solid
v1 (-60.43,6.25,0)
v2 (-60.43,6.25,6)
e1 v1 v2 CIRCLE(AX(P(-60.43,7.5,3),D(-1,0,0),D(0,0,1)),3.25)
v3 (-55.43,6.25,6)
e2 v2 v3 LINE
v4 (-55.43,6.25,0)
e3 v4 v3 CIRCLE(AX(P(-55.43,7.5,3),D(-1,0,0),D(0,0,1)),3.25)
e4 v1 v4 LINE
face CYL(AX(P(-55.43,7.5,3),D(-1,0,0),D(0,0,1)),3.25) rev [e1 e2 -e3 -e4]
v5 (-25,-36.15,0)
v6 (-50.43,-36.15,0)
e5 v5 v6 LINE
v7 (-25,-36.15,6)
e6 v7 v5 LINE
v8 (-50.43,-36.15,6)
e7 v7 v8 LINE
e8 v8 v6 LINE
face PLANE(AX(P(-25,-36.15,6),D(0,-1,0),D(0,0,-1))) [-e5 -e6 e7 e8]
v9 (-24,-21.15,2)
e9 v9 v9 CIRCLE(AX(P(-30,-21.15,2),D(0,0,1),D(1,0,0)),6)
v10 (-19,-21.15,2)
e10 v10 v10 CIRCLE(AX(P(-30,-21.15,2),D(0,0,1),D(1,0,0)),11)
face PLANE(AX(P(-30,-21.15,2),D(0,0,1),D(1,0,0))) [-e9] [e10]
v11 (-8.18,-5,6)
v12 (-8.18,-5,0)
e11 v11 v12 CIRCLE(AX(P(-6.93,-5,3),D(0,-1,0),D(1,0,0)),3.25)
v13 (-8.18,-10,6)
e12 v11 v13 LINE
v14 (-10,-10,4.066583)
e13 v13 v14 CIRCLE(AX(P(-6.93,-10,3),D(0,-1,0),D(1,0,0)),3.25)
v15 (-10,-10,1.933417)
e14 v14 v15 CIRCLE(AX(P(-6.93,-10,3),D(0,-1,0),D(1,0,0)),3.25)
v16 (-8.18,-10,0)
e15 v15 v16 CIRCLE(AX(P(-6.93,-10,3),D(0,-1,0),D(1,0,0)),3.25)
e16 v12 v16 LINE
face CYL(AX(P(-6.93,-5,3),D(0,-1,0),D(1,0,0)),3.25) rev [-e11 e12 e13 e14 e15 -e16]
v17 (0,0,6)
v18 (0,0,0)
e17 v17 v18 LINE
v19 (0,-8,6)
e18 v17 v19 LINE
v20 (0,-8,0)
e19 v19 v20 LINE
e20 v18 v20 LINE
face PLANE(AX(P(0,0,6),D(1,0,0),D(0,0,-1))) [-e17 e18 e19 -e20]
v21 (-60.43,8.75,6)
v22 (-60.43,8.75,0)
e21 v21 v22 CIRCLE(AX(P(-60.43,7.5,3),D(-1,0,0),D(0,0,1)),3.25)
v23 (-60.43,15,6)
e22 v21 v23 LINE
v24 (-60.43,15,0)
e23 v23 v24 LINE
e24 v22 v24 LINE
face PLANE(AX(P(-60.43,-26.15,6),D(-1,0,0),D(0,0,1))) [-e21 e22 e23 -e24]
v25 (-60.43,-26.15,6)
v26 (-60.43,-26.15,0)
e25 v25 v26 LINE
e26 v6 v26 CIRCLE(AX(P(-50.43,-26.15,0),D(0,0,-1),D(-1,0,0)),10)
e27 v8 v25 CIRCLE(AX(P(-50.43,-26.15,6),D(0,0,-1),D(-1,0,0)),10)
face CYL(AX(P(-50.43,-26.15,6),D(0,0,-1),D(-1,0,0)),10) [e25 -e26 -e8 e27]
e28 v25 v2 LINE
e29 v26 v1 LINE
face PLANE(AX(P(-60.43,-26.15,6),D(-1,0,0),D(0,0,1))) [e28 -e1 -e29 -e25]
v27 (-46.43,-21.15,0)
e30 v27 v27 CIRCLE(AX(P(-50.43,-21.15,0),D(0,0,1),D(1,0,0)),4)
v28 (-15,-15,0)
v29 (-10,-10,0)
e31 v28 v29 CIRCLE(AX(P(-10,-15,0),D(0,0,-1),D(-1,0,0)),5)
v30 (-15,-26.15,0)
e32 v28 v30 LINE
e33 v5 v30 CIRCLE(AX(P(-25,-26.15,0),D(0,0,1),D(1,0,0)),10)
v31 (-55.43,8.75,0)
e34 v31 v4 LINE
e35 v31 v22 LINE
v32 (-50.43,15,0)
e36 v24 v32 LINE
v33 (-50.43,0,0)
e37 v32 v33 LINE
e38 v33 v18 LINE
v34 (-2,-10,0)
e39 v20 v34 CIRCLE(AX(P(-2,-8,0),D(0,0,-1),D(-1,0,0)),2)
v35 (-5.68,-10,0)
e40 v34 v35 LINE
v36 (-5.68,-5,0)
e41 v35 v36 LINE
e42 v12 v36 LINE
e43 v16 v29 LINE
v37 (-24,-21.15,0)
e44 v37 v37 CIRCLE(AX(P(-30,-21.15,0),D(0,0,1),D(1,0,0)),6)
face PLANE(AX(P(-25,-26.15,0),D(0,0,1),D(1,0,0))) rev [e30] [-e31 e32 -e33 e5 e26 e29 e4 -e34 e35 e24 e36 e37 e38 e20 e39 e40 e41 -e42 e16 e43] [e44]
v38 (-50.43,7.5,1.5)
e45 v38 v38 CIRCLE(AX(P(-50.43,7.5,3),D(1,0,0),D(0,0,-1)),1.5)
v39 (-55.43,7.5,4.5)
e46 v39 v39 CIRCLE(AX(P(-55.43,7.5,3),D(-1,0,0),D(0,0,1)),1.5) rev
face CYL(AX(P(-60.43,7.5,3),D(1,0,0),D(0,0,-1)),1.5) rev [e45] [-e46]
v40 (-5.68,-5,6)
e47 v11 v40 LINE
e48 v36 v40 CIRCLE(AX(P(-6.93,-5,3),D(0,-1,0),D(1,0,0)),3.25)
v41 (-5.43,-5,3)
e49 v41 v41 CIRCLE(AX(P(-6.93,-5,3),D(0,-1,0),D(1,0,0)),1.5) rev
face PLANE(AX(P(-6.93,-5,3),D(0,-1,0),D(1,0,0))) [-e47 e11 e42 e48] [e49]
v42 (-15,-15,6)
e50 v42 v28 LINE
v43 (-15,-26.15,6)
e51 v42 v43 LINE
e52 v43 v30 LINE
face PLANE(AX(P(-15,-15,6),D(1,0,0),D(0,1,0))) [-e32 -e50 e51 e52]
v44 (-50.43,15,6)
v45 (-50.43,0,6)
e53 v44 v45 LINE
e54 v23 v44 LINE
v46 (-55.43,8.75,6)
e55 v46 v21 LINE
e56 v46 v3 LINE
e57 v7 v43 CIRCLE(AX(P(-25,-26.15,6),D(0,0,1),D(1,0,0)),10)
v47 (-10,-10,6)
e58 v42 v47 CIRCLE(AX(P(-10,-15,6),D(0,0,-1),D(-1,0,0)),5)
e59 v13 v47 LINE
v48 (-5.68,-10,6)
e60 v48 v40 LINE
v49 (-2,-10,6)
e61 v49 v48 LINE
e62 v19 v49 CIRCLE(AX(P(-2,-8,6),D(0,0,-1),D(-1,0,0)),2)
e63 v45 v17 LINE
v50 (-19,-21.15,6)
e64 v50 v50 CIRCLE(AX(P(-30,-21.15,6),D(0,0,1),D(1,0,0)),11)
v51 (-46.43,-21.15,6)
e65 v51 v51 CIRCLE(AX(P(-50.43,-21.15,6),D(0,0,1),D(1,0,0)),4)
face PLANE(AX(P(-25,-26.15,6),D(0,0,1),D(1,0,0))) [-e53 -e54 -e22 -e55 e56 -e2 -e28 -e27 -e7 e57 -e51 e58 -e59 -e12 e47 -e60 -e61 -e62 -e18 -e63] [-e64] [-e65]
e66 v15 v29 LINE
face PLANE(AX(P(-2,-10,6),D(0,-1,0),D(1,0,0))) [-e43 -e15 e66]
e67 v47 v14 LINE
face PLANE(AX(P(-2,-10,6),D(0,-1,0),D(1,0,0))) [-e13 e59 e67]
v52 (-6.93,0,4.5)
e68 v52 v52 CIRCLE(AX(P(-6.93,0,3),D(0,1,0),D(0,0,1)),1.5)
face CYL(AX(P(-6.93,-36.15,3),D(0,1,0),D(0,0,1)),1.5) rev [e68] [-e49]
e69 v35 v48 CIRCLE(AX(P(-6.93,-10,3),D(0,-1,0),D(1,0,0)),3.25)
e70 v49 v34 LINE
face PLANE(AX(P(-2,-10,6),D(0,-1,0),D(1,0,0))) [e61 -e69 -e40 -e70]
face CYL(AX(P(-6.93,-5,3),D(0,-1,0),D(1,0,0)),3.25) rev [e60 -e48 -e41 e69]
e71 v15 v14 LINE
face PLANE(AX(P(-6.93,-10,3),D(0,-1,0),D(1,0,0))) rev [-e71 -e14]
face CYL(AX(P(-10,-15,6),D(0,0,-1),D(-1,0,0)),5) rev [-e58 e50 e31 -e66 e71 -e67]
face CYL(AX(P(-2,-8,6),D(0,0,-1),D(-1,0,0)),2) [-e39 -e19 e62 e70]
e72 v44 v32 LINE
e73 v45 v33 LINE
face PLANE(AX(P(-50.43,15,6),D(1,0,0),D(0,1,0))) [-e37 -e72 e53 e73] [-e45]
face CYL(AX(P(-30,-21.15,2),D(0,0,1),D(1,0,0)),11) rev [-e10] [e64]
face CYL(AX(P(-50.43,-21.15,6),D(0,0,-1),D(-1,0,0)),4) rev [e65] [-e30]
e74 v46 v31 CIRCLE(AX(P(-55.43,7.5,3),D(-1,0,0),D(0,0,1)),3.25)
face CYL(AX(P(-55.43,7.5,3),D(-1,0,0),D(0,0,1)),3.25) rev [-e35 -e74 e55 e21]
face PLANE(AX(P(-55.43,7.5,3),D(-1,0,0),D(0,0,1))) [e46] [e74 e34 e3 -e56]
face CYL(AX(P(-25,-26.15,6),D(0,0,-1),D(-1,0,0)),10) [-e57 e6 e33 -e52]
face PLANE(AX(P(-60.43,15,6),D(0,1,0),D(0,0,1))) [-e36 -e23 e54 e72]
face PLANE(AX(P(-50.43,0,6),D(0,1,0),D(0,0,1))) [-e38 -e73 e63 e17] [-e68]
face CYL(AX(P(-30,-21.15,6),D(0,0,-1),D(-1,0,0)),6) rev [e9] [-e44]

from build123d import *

# Parameters (mm, degrees)
CROQUIS1_R              = 4
CROQUIS1_R_2            = 6
SALIENTE_EXTRUIR2_DEPTH = 6
CROQUIS2_R              = 11
CORTAR_EXTRUIR1_DEPTH   = 4
CROQUIS3_R              = 1.5
CORTAR_EXTRUIR2_DEPTH   = 71.672536391
CROQUIS4_R              = 1.5
CORTAR_EXTRUIR3_DEPTH   = 63.337848856
CROQUIS5_R              = 3.25
CORTAR_EXTRUIR4_DEPTH   = 5
CROQUIS6_R              = 3.25
CORTAR_EXTRUIR5_DEPTH   = 5


with BuildPart() as part:
    # Croquis1 → Saliente-Extruir2 (new body)
    with BuildSketch(Plane.XY):
        with BuildLine():
            Line((-50.43, 0), (0, 0))
            Line((0, 0), (0, -8))
            ThreePointArc((0, -8), (-0.585786438, -9.414213562), (-2, -10))
            Line((-2, -10), (-10, -10))
            ThreePointArc((-10, -10), (-13.535533906, -11.464466094), (-15, -15))
            Line((-15, -15), (-15, -26.15))
            ThreePointArc((-15, -26.15), (-17.928932188, -33.221067812), (-25, -36.15))
            Line((-25, -36.15), (-50.43, -36.15))
            ThreePointArc((-50.43, -36.15), (-57.501067812, -33.221067812), (-60.43, -26.15))
            Line((-60.43, -26.15), (-60.43, 15))
            Line((-60.43, 15), (-50.43, 15))
            Line((-50.43, 15), (-50.43, 0))
        make_face()
        with Locations((-50.43, -21.15)):
            Circle(CROQUIS1_R, mode=Mode.SUBTRACT)
        with Locations((-30, -21.15)):
            Circle(CROQUIS1_R_2, mode=Mode.SUBTRACT)
    extrude(amount=SALIENTE_EXTRUIR2_DEPTH)

    # Croquis2 → Cortar-Extruir1 (cut)
    with BuildSketch(Plane.XY.offset(6)):
        with Locations((-30, -21.15)):
            Circle(CROQUIS2_R)
    extrude(amount=-CORTAR_EXTRUIR1_DEPTH, mode=Mode.SUBTRACT)

    # Croquis3 → Cortar-Extruir2 (cut, through all)
    with BuildSketch(Plane(origin=(0, 0, 0), x_dir=(-1, 0, 0), z_dir=(0, 1, 0))):
        with Locations(Location((6.93, 3, 0), (0, 0, 90))):
            Circle(CROQUIS3_R)
    extrude(amount=-CORTAR_EXTRUIR2_DEPTH, mode=Mode.SUBTRACT)

    # Croquis4 → Cortar-Extruir3 (cut, through all)
    with BuildSketch(Plane(origin=(-50.43, 0, 0), x_dir=(0, 0, -1), z_dir=(1, 0, 0))):
        with Locations((-3, 7.5)):
            Circle(CROQUIS4_R)
    extrude(amount=-CORTAR_EXTRUIR3_DEPTH, mode=Mode.SUBTRACT)

    # Croquis5 → Cortar-Extruir4 (cut)
    with BuildSketch(Plane.ZY.offset(60.43)):
        with Locations((3, 7.5)):
            Circle(CROQUIS5_R)
    extrude(amount=-CORTAR_EXTRUIR4_DEPTH, mode=Mode.SUBTRACT)

    # Croquis6 → Cortar-Extruir5 (cut)
    with BuildSketch(Plane.XZ.offset(10)):
        with Locations((-6.93, 3)):
            Circle(CROQUIS6_R)
    extrude(amount=-CORTAR_EXTRUIR5_DEPTH, mode=Mode.SUBTRACT)


solid = part.part
